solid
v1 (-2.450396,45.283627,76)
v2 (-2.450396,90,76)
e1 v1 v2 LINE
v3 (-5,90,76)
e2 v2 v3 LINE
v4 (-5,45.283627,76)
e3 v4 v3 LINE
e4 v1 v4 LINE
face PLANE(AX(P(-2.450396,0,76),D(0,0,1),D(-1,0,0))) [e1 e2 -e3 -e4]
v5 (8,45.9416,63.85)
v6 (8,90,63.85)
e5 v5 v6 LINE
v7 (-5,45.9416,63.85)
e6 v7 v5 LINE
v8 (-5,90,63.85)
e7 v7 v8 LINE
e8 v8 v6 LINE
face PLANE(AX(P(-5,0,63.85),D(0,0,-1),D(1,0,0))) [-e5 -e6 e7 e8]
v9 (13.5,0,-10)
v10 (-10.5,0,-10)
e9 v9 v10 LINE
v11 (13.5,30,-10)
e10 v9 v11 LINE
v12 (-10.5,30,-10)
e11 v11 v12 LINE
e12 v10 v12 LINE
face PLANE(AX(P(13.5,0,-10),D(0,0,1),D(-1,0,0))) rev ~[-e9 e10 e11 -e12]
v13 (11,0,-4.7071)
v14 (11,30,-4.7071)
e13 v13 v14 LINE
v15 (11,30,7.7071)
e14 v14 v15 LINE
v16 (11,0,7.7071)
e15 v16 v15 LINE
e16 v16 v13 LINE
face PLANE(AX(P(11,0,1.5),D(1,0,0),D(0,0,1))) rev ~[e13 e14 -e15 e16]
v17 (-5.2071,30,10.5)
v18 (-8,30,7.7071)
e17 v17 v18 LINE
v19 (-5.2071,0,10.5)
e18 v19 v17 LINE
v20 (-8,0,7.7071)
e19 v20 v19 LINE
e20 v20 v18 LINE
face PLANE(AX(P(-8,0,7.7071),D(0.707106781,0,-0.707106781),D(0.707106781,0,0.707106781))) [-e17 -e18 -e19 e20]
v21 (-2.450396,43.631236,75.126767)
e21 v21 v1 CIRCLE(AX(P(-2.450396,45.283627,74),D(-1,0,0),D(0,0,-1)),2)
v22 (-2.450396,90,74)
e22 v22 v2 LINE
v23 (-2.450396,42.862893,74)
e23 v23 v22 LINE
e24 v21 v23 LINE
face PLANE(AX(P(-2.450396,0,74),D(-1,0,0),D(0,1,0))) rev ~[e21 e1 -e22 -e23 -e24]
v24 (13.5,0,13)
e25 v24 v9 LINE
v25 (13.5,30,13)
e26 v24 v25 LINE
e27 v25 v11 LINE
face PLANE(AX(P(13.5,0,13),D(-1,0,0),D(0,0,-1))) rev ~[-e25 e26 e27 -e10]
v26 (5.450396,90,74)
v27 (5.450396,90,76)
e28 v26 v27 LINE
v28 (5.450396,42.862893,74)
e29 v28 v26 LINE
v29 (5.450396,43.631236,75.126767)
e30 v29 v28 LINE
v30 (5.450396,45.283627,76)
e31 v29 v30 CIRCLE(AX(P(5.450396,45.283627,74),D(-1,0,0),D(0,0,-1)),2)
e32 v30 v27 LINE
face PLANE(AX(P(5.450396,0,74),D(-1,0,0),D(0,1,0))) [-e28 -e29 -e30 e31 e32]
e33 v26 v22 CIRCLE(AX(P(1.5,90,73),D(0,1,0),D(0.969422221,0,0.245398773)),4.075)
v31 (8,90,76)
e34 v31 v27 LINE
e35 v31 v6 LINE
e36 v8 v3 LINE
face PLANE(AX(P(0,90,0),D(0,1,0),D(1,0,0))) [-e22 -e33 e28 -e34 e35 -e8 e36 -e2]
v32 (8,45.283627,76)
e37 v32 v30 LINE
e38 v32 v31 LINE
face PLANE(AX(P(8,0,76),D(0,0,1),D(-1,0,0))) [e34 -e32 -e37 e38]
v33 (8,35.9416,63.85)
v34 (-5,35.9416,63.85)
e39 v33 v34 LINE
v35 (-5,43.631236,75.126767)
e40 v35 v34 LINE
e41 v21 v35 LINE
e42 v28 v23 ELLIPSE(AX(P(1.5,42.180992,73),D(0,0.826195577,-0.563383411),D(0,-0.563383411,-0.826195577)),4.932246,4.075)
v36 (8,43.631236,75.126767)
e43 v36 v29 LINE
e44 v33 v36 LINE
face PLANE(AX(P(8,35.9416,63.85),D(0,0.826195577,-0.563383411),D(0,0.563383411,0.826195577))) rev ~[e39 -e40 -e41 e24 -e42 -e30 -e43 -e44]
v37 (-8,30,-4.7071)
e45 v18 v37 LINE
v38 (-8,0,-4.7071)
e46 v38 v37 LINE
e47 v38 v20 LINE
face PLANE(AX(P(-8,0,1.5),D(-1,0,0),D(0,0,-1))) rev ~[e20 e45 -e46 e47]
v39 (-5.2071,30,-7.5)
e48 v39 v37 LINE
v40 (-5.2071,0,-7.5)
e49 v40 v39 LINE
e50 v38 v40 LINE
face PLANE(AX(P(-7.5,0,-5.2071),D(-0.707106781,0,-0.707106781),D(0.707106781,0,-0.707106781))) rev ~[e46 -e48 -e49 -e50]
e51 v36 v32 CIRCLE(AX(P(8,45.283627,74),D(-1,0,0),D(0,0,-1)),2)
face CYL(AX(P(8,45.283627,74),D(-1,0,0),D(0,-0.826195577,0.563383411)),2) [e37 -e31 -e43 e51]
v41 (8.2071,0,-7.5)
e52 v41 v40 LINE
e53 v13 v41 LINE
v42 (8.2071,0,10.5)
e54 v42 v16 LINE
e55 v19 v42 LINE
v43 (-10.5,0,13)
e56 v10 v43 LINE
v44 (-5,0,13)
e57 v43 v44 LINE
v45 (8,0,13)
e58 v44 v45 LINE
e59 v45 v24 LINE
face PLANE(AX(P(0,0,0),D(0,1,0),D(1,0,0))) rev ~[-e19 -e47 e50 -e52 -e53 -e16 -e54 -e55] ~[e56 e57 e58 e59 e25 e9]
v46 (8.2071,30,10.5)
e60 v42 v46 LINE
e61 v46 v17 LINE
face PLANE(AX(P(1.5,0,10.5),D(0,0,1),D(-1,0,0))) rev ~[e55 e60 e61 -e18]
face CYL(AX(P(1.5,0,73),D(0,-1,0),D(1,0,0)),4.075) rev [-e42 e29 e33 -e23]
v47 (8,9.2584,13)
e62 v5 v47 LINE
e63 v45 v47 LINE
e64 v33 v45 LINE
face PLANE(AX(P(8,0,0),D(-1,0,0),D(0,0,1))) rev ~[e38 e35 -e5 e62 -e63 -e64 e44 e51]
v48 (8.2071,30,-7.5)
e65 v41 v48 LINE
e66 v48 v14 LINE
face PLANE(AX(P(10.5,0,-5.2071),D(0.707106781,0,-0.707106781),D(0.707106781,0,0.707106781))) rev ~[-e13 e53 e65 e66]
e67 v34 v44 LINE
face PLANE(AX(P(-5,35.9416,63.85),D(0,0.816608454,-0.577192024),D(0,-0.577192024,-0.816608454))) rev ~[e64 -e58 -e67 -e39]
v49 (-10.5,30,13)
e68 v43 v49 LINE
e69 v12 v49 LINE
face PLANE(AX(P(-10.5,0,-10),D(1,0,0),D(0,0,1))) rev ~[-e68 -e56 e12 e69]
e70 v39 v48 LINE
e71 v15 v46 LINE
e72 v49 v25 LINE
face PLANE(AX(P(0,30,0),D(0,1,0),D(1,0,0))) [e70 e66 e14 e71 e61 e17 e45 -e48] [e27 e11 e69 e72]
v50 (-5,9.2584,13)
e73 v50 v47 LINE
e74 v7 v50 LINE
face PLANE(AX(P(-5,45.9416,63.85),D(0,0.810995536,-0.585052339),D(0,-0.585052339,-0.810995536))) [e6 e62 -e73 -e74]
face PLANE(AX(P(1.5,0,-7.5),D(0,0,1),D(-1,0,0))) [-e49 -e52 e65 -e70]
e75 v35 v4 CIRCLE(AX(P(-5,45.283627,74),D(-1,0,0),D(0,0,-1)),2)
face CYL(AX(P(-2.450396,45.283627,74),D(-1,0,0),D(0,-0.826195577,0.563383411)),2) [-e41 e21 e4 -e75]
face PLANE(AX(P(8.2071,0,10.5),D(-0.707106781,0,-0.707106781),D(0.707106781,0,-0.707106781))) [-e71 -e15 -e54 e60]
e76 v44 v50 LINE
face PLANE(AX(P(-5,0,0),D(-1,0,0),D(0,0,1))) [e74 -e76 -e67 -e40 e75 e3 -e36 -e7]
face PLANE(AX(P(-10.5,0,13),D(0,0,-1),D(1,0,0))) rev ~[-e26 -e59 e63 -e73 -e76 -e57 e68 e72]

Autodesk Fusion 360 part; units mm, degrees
sketch "Sketch1" plane through (0, 0, 0) normal (0, 1, 0) x (1, 0, 0)
sketch "Sketch2" plane through (0, 0, 0) normal (1, 0, 0) x (0, 0, -1)
sketch "Sketch3" plane through (0, 0, 0) normal (0, 1, 0) x (1, 0, 0)
sketch "Sketch4" plane through (0, 0, 0) normal (0, 1, 0) x (1, 0, 0)
  line L0 (1.5, 7) -> (-5, 7)
  line L1 (8, -10) -> (10.5, -7.5)
  line L2 (10.5, -1.5) -> (10.5, -7.5)
  line L3 (-7.5, -1.5) -> (-7.5, -7.5)
  line L4 (1.5, 7) -> (8, 7)
  line L5 (10.5, -1.5) -> (10.5, -7.5)
  line L6 (1.5, -10) -> (8, -10)
  line L7 (10.5, -10) -> (-7.5, 7) construction
  line L8 (1.5, -10) -> (8, -10)
  line L9 (10.5, 7) -> (10.5, -10)
  line L10 (8, 7) -> (10.5, 4.5)
  line L11 (-7.5, -1.5) -> (-7.5, 4.5)
  line L12 (10.5, -1.5) -> (10.5, 4.5)
  line L13 (-7.5, 7) -> (10.5, 7)
  line L14 (-7.5, -7.5) -> (-5, -10)
  line L15 (-7.5, -10) -> (10.5, 7) construction
  line L16 (-7.5, 4.5) -> (-5, 7)
  line L17 (-7.5, -10) -> (-7.5, 7)
  line L18 (10.5, -10) -> (-7.5, -10)
  line L19 (1.5, -10) -> (-5, -10)
  line L20 (13.5, 10) -> (-10.5, 10)
  line L21 (-10.5, 10) -> (-10.5, -13)
  line L22 (-10.5, -13) -> (13.5, -13)
  line L23 (13.5, -13) -> (13.5, 10)
  line L24 (13.5, 10) -> (-10.5, -13) construction
  line L25 (-10.5, 10) -> (13.5, -13) construction
  line L26 (1.5, -10.5) -> (-5.2071, -10.5)
  line L27 (-8, -7.7071) -> (-5.2071, -10.5)
  line L28 (-8, -1.5) -> (-8, -7.7071)
  line L29 (-8, -1.5) -> (-8, 4.7071)
  line L30 (-8, 4.7071) -> (-5.2071, 7.5)
  line L31 (1.5, 7.5) -> (-5.2071, 7.5)
  line L32 (1.5, 7.5) -> (8.2071, 7.5)
  line L33 (8.2071, 7.5) -> (11, 4.7071)
  line L34 (11, -1.5) -> (11, 4.7071)
  line L35 (11, -1.5) -> (11, -7.7071)
  line L36 (8.2071, -10.5) -> (11, -7.7071)
  line L37 (1.5, -10.5) -> (8.2071, -10.5)
  point P0 (1.5, -1.5)
  point P1 (1.5, -1.5)
  point P2 (1.5, -1.5)
  dimension "d1" = 18
  dimension "d2" = 17
  dimension "d3" = 6
  dimension "d4" = 6
  dimension "d5" = 6.5
  dimension "d6" = 6.5
  dimension "d7" = 6
  dimension "d8" = 6
  dimension "d9" = 6.5
  dimension "d10" = 6.5
  dimension "d11" = 6.5
  dimension "d12" = 6
  dimension "d13" = 24
  dimension "d14" = 23
  dimension "d15" = -0.5
extrude "Extrude1" add sketch "Sketch4" along normal blind 30 contours L13 L17 L30 | L9 L13 L33 | L17 L18 L27 | L9 L18 L36 | L20 L21 L22 L23 makes body 1
sketch "Sketch5" plane through (0, 0, 0) normal (0, -1, 0) x (1, 0, 0)
  line L0 (-8, -4.7071) -> (-8, 7.7071)
  line L1 (-8, 7.7071) -> (-5.2071, 10.5)
  line L2 (-5.2071, 10.5) -> (8.2071, 10.5)
  line L3 (8.2071, 10.5) -> (11, 7.7071)
  line L4 (11, 7.7071) -> (11, -4.7071)
  line L5 (11, -4.7071) -> (8.2071, -7.5)
  line L6 (8.2071, -7.5) -> (-5.2071, -7.5)
  line L7 (-5.2071, -7.5) -> (-8, -4.7071)
  line L8 (13.5, -10) -> (13.5, 13)
  line L9 (13.5, 13) -> (-10.5, 13)
  line L10 (-10.5, 13) -> (-10.5, -10)
  line L11 (-10.5, -10) -> (13.5, -10)
  line L12 (-10.5, 13) -> (13.5, -10)
  line L13 (13.5, 13) -> (-10.5, -10)
  point P0 (1.5, 1.5)
sketch "Sketch6" plane through (0, 0, 0) normal (0, -1, 0) x (1, 0, 0)
  line L0 (-8, -4.7071) -> (-8, 7.7071)
  line L1 (-8, 7.7071) -> (-5.2071, 10.5)
  line L2 (-5.2071, 10.5) -> (8.2071, 10.5)
  line L3 (8.2071, 10.5) -> (11, 7.7071)
  line L4 (11, 7.7071) -> (11, -4.7071)
  line L5 (11, -4.7071) -> (8.2071, -7.5)
  line L6 (8.2071, -7.5) -> (-5.2071, -7.5)
  line L7 (-5.2071, -7.5) -> (-8, -4.7071)
  line L8 (13.5, -10) -> (13.5, 13)
  line L9 (13.5, 13) -> (-10.5, 13)
  line L10 (-10.5, 13) -> (-10.5, -10)
  line L11 (-10.5, -10) -> (13.5, -10)
  line L12 (1.5, 13) -> (1.5, 73)
  dimension "d18" = 60
ref_plane "WorkPlane1" through (1.5, 0, 43) normal (0, -1, 0) x (0, 0, 1)
sketch "Sketch7" plane through (1.5, 0, 43) normal (0, -1, 0) x (0, 0, 1)
  line L0 (-30, 0) -> (-30, -90)
  dimension "d20" = 90
ref_plane "WorkPlane2" through (46.5, 0, 13) normal (0, 0, -1) x (1, 0, 0)
sketch "Sketch25" plane through (1.5, 0, 43) normal (0, -1, 0) x (1, 0, 0)
  circle A0 centre (0, 30) radius 4.075
  dimension "d74" = 8.15
sketch "Sketch26" plane through (0, 0, 0) normal (0, 1, 0) x (1, 0, 0)
  circle A0 centre (1.5, -73) radius 4.075
  line L0 (8, -74) -> (-5, -74)
  line L1 (-5, -74) -> (-5, -63.85)
  line L2 (-5, -63.85) -> (8, -63.85)
  line L3 (8, -63.85) -> (8, -74)
  line L4 (8, -74) -> (-5, -63.85) construction
  line L5 (-5, -74) -> (8, -63.85) construction
  point P0 (1.5, -68.925)
extrude "Extrude18" add sketch "Sketch26" along normal blind 90 separate body contours A0 L0 L1 L2 L3 makes body 2
extrude "Extrude19" add 2 faces at (-3.3003, 60, 74) (7.1501, 30, 74) along direction (0, 0, 1) blind 2 on bodies 2 bodies 2
sketch "Sketch27" plane through (8, 0, 0) normal (1, 0, 0) x (0, 0, -1)
  line L0 (-76, 0) -> (-63.85, 0)
  line L1 (-63.85, 0) -> (-63.85, 90)
  line L2 (-63.85, 90) -> (-76, 90)
  line L3 (-76, 90) -> (-76, 0)
  line L4 (-13, 0) -> (10, 0)
  line L5 (10, 0) -> (10, 30)
  line L6 (10, 30) -> (-13, 30)
  line L7 (-13, 30) -> (-13, 0)
  line L8 (-63.85, 90) -> (-13, 30)
  line L9 (-63.85, 90) -> (-63.85, 75)
  line L10 (-13, 30) -> (-13, 15)
  line L11 (-63.85, 75.12) -> (-13, 15)
  line L12 (-63.85, 45) -> (-38.425, 45.06)
  line L13 (-63.85, 35.9416) -> (-30.7126, 35.9416)
  line L14 (-63.85, 35.9416) -> (-76, 35.9416)
extrude "Extrude20" cut sketch "Sketch27" against normal blind 30 contours L0 L1 L3 L14 bodies 2
sketch "Sketch32" plane through (-5, 0, 0) normal (-1, 0, 0) x (0, 0, 1)
  line L0 (63.85, 35.9416) -> (76, 35.9416)
  line L1 (76, 35.9416) -> (76, 90)
  line L2 (76, 90) -> (63.85, 90)
  line L3 (63.85, 90) -> (63.85, 35.9416)
  line L4 (-10, 0) -> (13, 0)
  line L5 (13, 0) -> (13, 30)
  line L6 (13, 30) -> (-10, 30)
  line L7 (-10, 30) -> (-10, 0)
  line L8 (63.85, 35.9416) -> (13, 0)
  line L9 (63.85, 35.9416) -> (63.85, 45.9416)
  line L10 (63.85, 45.9416) -> (13, 9.2584)
  dimension "d108" = 10
extrude "Extrude28" add sketch "Sketch32" against normal blind 13 contours L3 L5 L8 L9 L10 bodies 1 2
sketch "Sketch33" plane through (8, 0, 0) normal (1, 0, 0) x (0, 0, -1)
  line L0 (-63.85, 35.9416) -> (-83, 49)
  line L1 (-63.85, 35.9416) -> (-76, 35.9416)
  line L2 (-76, 90) -> (-76, 0)
  line L3 (-63.85, 35.9416) -> (-13, 0)
extrude "Extrude29" cut sketch "Sketch33" against normal blind 38 bodies 1
fillet "Fillet4" radius 2 2 edges at (-3.7252, 44.2267, 76) (6.7252, 44.2267, 76) on bodies 1
equation "d13 = 18.000 mm + 6 mm"
equation "d14 = 17.000 mm + 6 mm"
